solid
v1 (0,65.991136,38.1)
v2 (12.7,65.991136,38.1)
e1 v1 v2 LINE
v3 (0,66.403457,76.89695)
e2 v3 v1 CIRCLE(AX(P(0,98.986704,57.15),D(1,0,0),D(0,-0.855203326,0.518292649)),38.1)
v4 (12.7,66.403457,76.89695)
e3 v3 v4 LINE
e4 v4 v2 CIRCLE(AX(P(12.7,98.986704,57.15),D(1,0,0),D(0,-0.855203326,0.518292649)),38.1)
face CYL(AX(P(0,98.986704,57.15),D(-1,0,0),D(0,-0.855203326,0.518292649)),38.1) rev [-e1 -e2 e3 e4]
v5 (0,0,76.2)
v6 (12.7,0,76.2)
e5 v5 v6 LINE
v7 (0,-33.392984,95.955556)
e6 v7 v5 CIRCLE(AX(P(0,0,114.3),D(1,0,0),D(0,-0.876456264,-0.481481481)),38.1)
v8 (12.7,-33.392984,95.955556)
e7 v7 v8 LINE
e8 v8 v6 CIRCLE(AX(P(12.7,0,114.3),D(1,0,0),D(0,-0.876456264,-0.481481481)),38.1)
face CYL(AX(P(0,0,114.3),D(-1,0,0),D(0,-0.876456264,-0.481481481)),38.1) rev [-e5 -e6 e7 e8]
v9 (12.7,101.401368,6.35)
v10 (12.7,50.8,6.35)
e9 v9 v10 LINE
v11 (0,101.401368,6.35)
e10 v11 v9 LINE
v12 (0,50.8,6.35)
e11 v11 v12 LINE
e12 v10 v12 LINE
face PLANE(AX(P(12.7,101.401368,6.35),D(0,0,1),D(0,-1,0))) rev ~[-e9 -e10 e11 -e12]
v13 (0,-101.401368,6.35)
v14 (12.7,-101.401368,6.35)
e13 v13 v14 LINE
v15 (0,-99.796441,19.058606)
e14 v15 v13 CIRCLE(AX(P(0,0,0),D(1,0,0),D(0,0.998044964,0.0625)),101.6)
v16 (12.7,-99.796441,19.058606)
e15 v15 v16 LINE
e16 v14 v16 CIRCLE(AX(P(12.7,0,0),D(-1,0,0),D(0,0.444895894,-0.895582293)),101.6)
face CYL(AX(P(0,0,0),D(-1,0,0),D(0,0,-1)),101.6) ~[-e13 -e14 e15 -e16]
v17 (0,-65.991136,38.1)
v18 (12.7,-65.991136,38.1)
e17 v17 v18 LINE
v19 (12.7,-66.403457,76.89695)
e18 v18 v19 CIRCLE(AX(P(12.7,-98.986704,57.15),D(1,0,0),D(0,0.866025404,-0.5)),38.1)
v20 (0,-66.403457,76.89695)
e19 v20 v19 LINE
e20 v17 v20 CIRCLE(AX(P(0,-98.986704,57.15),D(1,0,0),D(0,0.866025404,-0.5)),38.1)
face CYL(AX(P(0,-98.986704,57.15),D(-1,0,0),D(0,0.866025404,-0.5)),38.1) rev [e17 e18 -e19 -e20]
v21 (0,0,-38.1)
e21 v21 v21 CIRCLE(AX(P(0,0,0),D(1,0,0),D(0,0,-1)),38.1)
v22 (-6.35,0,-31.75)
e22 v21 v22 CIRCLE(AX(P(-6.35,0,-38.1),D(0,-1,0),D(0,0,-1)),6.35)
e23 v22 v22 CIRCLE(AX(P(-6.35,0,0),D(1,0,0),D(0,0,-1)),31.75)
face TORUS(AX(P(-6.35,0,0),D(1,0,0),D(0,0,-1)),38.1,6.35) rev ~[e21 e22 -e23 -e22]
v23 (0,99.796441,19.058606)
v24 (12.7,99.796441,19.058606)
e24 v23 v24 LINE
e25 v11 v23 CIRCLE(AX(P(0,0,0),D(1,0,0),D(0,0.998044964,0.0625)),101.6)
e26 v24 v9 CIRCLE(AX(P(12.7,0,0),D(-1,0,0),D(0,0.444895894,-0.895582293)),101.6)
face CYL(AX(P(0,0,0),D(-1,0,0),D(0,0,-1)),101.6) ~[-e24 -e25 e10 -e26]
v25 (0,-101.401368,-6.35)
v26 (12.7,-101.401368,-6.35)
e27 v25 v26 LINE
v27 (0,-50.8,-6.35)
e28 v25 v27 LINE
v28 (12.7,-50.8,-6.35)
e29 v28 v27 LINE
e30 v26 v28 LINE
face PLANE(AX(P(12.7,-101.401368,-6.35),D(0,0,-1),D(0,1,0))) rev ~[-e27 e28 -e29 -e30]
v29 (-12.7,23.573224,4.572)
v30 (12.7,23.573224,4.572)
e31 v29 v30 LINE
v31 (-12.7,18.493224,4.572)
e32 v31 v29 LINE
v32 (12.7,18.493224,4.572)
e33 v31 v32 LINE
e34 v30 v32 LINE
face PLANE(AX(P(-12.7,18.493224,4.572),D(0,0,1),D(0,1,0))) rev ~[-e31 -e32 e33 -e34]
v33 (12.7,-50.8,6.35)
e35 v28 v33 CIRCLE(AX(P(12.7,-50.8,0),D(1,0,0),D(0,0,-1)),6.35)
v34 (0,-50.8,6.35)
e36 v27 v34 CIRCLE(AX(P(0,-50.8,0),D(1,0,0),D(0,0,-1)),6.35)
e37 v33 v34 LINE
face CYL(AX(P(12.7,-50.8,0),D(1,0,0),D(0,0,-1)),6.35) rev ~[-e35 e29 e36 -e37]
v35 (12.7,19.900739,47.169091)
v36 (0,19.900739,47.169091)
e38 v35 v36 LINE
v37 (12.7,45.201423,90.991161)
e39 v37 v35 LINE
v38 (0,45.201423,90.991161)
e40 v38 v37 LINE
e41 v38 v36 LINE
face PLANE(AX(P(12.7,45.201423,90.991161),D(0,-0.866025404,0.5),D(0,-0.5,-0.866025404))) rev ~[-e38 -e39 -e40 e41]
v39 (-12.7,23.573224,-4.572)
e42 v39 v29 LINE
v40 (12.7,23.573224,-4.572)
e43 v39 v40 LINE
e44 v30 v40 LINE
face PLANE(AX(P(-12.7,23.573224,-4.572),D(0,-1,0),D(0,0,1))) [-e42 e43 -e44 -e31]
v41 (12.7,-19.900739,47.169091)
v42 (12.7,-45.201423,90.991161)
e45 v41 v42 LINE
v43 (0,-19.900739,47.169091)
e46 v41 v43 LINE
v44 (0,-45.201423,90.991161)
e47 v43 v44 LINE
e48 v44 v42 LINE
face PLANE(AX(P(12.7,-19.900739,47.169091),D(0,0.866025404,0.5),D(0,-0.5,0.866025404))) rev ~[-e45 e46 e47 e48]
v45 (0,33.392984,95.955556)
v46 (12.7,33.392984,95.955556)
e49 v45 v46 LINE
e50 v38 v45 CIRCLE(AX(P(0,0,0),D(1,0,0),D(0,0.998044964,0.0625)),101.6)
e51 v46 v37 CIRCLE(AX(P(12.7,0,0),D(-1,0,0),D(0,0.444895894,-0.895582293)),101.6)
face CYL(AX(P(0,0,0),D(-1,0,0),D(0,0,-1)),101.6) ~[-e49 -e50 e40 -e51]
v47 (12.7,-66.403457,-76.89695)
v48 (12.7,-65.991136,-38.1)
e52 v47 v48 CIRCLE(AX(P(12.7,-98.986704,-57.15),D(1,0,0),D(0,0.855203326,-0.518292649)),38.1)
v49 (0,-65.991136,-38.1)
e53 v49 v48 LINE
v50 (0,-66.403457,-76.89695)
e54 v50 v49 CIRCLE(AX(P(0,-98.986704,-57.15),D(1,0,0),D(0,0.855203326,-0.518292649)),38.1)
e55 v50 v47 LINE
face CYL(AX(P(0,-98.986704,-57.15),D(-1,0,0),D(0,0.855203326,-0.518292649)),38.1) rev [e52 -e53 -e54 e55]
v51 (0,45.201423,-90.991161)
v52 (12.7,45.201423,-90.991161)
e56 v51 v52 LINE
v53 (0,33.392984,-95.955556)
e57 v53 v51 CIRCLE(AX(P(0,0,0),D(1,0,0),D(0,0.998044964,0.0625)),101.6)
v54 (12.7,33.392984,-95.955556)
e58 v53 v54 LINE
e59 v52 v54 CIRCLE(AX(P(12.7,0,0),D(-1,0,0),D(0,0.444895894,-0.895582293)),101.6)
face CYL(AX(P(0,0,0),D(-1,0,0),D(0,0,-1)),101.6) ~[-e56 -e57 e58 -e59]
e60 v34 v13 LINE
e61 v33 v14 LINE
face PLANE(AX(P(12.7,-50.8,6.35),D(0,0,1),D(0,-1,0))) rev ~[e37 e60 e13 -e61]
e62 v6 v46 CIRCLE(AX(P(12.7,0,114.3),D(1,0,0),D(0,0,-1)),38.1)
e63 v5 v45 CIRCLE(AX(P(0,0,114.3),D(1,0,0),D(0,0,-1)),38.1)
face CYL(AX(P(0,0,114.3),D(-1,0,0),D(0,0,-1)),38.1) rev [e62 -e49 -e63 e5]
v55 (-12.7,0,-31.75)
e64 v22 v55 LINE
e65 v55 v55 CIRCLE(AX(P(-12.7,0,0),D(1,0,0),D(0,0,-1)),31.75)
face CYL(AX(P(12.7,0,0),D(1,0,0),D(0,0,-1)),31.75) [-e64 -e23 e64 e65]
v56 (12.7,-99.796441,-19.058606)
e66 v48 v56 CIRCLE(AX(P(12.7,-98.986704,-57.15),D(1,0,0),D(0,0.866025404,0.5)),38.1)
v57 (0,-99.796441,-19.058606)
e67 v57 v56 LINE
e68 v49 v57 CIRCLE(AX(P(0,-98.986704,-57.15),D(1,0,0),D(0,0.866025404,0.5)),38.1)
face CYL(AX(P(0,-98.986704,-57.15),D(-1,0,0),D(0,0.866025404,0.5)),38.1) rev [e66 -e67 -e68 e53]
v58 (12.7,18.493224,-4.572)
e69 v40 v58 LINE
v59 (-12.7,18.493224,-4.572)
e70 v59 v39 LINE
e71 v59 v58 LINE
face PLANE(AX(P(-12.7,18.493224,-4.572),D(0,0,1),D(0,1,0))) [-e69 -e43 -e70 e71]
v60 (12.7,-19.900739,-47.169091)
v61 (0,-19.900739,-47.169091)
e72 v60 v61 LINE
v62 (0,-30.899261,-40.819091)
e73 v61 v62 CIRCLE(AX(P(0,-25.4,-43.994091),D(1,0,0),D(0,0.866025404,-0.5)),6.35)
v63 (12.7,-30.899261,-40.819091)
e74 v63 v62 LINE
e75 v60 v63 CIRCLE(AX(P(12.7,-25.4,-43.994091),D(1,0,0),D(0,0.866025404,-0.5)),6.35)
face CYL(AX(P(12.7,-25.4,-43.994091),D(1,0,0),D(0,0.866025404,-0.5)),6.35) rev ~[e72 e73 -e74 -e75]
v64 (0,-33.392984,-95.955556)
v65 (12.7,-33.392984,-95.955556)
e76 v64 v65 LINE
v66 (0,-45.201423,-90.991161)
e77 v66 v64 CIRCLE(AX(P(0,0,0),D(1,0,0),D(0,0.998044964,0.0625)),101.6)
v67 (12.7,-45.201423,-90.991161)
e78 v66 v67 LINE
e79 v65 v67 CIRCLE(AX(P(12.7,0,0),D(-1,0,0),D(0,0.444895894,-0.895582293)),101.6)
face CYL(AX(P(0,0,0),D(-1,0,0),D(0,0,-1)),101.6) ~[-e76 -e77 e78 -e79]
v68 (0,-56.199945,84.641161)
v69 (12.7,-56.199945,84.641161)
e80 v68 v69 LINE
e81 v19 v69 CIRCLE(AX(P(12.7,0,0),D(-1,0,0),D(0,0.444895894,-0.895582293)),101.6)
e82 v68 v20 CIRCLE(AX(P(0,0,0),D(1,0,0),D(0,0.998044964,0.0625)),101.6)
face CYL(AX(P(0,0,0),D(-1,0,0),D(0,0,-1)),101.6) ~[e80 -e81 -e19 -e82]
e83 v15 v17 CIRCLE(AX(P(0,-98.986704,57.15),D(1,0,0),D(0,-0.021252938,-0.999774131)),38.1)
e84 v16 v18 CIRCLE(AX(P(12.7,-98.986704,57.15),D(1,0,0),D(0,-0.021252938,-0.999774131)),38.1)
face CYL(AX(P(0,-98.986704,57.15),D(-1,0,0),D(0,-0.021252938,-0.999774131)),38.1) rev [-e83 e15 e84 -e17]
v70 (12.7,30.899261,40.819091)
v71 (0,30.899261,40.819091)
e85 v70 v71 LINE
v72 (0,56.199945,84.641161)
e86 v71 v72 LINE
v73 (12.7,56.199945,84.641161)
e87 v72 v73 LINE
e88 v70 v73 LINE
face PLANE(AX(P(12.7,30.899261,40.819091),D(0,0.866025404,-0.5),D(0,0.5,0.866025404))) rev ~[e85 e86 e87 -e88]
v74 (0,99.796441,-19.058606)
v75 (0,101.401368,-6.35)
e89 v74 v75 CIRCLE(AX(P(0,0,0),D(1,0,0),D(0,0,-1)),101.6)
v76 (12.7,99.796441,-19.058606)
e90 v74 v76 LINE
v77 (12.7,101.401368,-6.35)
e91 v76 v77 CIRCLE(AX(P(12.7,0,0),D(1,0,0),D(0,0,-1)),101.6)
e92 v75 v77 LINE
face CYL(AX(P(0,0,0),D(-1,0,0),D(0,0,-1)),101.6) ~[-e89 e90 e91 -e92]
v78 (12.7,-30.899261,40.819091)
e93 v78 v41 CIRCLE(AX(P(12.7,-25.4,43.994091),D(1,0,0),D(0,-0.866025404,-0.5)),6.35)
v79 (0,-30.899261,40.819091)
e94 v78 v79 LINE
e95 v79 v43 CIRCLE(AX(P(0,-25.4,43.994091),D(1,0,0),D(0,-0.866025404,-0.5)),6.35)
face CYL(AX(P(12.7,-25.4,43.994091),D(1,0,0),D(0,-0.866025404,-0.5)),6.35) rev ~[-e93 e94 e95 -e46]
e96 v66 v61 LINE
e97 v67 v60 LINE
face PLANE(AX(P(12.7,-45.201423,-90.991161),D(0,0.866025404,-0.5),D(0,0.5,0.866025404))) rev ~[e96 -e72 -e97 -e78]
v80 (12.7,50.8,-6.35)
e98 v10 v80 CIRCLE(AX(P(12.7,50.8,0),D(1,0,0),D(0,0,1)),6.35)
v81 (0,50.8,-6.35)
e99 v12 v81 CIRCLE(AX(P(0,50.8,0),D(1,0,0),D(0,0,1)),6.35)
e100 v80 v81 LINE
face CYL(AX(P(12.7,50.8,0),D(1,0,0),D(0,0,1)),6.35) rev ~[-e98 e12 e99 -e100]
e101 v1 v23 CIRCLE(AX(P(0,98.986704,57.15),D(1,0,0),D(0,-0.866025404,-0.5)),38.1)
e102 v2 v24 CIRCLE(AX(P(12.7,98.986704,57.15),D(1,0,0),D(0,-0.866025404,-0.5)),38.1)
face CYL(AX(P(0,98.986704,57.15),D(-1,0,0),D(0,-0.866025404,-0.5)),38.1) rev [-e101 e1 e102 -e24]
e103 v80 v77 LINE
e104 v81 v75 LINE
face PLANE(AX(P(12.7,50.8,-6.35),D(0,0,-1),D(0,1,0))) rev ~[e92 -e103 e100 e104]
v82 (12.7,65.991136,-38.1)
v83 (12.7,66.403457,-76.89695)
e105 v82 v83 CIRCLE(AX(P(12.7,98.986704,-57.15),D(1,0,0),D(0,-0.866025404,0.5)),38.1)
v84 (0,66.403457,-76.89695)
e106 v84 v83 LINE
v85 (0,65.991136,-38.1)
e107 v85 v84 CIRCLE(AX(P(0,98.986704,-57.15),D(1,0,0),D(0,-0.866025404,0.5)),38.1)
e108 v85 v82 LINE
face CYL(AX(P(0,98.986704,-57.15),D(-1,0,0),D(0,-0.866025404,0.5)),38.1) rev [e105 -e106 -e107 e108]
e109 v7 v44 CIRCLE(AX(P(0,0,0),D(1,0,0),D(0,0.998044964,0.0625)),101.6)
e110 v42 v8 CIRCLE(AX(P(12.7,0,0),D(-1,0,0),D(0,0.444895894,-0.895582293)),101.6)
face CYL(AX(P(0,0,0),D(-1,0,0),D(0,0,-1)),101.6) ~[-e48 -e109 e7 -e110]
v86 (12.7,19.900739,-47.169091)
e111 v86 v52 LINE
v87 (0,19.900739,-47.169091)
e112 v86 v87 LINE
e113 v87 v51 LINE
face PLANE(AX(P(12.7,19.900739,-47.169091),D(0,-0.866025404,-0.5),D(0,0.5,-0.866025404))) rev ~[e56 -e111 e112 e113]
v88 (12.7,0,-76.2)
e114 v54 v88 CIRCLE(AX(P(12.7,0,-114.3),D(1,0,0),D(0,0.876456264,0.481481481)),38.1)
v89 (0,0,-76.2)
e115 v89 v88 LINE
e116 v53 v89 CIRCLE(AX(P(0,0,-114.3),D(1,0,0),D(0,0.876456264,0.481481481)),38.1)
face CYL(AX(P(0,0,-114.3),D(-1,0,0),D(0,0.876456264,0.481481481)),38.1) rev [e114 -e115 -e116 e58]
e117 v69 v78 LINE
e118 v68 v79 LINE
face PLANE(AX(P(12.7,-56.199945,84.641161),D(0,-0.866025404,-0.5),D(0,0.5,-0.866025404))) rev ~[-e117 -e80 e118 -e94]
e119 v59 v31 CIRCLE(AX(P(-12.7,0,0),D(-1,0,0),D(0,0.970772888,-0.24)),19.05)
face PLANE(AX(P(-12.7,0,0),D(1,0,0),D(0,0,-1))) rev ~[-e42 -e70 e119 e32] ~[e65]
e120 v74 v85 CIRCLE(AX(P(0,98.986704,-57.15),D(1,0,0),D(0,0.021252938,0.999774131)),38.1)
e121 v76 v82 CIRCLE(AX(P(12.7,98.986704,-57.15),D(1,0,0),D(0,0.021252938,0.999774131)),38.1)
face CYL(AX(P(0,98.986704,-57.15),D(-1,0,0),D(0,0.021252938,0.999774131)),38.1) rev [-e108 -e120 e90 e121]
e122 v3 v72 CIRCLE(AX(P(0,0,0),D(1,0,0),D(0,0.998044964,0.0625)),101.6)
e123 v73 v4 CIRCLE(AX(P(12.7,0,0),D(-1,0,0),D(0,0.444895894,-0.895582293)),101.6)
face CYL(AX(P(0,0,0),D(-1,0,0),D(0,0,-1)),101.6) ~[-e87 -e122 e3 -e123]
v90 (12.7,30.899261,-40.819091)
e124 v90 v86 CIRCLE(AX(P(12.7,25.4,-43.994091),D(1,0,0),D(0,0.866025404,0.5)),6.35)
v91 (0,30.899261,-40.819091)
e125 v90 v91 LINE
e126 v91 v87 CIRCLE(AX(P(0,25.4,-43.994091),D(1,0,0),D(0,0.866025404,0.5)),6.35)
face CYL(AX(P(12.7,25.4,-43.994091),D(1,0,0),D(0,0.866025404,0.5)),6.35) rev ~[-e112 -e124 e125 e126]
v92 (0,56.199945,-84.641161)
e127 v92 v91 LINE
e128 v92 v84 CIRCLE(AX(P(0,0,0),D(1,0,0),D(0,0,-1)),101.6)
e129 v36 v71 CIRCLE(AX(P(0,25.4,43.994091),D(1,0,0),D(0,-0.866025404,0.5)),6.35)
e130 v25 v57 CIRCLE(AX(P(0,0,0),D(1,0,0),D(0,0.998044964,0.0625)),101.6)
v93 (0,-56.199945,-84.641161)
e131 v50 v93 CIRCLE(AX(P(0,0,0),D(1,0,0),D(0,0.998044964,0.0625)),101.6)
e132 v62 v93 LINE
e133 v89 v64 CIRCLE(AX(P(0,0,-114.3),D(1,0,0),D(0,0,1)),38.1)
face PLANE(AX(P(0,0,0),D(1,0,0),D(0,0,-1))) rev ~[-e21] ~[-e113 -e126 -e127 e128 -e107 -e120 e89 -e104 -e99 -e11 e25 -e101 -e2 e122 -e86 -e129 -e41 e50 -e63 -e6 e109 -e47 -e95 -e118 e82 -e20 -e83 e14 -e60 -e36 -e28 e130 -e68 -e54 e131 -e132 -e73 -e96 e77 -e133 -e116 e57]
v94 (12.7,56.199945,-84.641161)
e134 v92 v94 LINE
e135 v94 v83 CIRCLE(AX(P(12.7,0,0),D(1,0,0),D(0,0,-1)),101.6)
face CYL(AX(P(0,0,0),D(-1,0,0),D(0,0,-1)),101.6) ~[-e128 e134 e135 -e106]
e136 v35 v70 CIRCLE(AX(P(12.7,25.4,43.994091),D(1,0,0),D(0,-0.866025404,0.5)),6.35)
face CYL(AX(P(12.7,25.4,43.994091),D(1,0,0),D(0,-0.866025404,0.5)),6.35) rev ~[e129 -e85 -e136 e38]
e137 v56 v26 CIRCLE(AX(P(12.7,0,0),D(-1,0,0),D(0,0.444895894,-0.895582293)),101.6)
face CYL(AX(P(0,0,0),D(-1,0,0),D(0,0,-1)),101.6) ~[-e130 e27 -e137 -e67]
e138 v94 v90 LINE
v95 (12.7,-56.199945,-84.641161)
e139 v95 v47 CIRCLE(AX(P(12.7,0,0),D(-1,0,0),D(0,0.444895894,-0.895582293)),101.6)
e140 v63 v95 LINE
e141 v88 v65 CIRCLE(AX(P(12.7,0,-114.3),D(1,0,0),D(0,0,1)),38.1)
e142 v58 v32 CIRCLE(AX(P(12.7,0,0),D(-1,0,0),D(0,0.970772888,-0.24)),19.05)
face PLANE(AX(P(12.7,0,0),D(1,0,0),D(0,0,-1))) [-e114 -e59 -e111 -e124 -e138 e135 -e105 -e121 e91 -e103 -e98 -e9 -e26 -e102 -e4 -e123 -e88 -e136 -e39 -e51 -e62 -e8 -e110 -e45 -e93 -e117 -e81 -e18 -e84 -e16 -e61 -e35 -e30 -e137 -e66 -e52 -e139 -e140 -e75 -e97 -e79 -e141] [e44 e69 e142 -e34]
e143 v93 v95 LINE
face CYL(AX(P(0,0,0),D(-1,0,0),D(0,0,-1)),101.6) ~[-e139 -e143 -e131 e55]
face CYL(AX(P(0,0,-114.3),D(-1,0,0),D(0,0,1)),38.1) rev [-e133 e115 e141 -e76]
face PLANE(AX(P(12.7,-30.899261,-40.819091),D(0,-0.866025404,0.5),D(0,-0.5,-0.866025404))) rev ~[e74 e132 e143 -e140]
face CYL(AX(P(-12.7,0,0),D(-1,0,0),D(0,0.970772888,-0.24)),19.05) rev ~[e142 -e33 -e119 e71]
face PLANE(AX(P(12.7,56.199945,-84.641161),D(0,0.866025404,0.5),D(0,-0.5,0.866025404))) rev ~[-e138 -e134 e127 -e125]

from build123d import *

# Parameters (mm, degrees)
SKETCH1_R           = 101.6
BOSS_EXTRUDE1_DEPTH = 12.7
CUT_EXTRUDE1_DEPTH  = 145.244271983
CIRPATTERN1_COUNT   = 6
CUT_EXTRUDE2_START  = -12.7
CUT_EXTRUDE2_DEPTH  = 12.7
CIRPATTERN2_COUNT   = 6
SKETCH4_R           = 31.75
BOSS_EXTRUDE2_DEPTH = 25.4
SKETCH7_R           = 19.05
SKETCH7_W           = 9.144
SKETCH7_H           = 5.08
CUT_EXTRUDE5_DEPTH  = 142.897378912
FILLET1_R           = 6.35


with BuildPart() as part:
    # Sketch1 → Boss-Extrude1 (new body)
    with BuildSketch(Plane(origin=(0, 0, 0), x_dir=(0, 0, -1), z_dir=(1, 0, 0))):
        Circle(SKETCH1_R)
    extrude(amount=BOSS_EXTRUDE1_DEPTH)

    # Sketch2 → Cut-Extrude1 (cut, symmetric)
    with BuildSketch(Plane(origin=(12.7, 0, 0), x_dir=(0, 0, -1), z_dir=(1, 0, 0))):
        with BuildLine():
            Line((6.35, 50.8), (6.35, 101.401368334))
            ThreePointArc((6.35, 101.401368334), (0, 101.6), (-6.35, 101.401368334))
            Line((-6.35, 101.401368334), (-6.35, 50.8))
            ThreePointArc((-6.35, 50.8), (0, 44.45), (6.35, 50.8))
        make_face()
    cut_extrude1 = extrude(amount=CUT_EXTRUDE1_DEPTH, both=True, mode=Mode.SUBTRACT)

    # CirPattern1: Cut-Extrude1 ×6 about axis
    cirpattern1_axis = Axis((12.7, 0, 0), (-1, 0, 0))
    for i in range(1, CIRPATTERN1_COUNT):
        add(cut_extrude1.rotate(cirpattern1_axis, i * 360 / CIRPATTERN1_COUNT), mode=Mode.SUBTRACT)

    # Sketch3 → Cut-Extrude2 (cut)
    with BuildSketch(Plane(origin=(12.7, 0, 0), x_dir=(0, 0, -1), z_dir=(1, 0, 0)).offset(CUT_EXTRUDE2_START)):
        with BuildLine():
            ThreePointArc((-76.2, 0), (-81.508741002, 19.399570442), (-95.955555556, 33.392983665))
            ThreePointArc((-95.955555556, 33.392983665), (-101.6, 0), (-95.955555556, -33.392983665))
            ThreePointArc((-95.955555556, -33.392983665), (-81.508741002, -19.399570442), (-76.2, 0))
        make_face()
    cut_extrude2 = extrude(amount=CUT_EXTRUDE2_DEPTH, mode=Mode.SUBTRACT)

    # CirPattern2: Cut-Extrude2 ×6 about axis
    cirpattern2_axis = Axis((0, 0, 0), (1, 0, 0))
    for i in range(1, CIRPATTERN2_COUNT):
        add(cut_extrude2.rotate(cirpattern2_axis, i * 360 / CIRPATTERN2_COUNT), mode=Mode.SUBTRACT)

    # Sketch4 → Boss-Extrude2 (add)
    with BuildSketch(Plane(origin=(12.7, 0, 0), x_dir=(0, 0, -1), z_dir=(1, 0, 0))):
        Circle(SKETCH4_R)
    extrude(amount=-BOSS_EXTRUDE2_DEPTH)

    # Sketch7 → Cut-Extrude5 (cut, through all)
    with BuildSketch(Plane.ZY.offset(12.7)):
        Circle(SKETCH7_R)
        with Locations((0, 21.033223516)):
            Rectangle(SKETCH7_W, SKETCH7_H)
    extrude(amount=-CUT_EXTRUDE5_DEPTH, mode=Mode.SUBTRACT)

    # Fillet1
    fillet1_edges = [part.edges().sort_by_distance(p)[0] for p in [
        (0, 0, 31.75),
    ]]
    fillet(fillet1_edges, radius=FILLET1_R)


solid = part.part
